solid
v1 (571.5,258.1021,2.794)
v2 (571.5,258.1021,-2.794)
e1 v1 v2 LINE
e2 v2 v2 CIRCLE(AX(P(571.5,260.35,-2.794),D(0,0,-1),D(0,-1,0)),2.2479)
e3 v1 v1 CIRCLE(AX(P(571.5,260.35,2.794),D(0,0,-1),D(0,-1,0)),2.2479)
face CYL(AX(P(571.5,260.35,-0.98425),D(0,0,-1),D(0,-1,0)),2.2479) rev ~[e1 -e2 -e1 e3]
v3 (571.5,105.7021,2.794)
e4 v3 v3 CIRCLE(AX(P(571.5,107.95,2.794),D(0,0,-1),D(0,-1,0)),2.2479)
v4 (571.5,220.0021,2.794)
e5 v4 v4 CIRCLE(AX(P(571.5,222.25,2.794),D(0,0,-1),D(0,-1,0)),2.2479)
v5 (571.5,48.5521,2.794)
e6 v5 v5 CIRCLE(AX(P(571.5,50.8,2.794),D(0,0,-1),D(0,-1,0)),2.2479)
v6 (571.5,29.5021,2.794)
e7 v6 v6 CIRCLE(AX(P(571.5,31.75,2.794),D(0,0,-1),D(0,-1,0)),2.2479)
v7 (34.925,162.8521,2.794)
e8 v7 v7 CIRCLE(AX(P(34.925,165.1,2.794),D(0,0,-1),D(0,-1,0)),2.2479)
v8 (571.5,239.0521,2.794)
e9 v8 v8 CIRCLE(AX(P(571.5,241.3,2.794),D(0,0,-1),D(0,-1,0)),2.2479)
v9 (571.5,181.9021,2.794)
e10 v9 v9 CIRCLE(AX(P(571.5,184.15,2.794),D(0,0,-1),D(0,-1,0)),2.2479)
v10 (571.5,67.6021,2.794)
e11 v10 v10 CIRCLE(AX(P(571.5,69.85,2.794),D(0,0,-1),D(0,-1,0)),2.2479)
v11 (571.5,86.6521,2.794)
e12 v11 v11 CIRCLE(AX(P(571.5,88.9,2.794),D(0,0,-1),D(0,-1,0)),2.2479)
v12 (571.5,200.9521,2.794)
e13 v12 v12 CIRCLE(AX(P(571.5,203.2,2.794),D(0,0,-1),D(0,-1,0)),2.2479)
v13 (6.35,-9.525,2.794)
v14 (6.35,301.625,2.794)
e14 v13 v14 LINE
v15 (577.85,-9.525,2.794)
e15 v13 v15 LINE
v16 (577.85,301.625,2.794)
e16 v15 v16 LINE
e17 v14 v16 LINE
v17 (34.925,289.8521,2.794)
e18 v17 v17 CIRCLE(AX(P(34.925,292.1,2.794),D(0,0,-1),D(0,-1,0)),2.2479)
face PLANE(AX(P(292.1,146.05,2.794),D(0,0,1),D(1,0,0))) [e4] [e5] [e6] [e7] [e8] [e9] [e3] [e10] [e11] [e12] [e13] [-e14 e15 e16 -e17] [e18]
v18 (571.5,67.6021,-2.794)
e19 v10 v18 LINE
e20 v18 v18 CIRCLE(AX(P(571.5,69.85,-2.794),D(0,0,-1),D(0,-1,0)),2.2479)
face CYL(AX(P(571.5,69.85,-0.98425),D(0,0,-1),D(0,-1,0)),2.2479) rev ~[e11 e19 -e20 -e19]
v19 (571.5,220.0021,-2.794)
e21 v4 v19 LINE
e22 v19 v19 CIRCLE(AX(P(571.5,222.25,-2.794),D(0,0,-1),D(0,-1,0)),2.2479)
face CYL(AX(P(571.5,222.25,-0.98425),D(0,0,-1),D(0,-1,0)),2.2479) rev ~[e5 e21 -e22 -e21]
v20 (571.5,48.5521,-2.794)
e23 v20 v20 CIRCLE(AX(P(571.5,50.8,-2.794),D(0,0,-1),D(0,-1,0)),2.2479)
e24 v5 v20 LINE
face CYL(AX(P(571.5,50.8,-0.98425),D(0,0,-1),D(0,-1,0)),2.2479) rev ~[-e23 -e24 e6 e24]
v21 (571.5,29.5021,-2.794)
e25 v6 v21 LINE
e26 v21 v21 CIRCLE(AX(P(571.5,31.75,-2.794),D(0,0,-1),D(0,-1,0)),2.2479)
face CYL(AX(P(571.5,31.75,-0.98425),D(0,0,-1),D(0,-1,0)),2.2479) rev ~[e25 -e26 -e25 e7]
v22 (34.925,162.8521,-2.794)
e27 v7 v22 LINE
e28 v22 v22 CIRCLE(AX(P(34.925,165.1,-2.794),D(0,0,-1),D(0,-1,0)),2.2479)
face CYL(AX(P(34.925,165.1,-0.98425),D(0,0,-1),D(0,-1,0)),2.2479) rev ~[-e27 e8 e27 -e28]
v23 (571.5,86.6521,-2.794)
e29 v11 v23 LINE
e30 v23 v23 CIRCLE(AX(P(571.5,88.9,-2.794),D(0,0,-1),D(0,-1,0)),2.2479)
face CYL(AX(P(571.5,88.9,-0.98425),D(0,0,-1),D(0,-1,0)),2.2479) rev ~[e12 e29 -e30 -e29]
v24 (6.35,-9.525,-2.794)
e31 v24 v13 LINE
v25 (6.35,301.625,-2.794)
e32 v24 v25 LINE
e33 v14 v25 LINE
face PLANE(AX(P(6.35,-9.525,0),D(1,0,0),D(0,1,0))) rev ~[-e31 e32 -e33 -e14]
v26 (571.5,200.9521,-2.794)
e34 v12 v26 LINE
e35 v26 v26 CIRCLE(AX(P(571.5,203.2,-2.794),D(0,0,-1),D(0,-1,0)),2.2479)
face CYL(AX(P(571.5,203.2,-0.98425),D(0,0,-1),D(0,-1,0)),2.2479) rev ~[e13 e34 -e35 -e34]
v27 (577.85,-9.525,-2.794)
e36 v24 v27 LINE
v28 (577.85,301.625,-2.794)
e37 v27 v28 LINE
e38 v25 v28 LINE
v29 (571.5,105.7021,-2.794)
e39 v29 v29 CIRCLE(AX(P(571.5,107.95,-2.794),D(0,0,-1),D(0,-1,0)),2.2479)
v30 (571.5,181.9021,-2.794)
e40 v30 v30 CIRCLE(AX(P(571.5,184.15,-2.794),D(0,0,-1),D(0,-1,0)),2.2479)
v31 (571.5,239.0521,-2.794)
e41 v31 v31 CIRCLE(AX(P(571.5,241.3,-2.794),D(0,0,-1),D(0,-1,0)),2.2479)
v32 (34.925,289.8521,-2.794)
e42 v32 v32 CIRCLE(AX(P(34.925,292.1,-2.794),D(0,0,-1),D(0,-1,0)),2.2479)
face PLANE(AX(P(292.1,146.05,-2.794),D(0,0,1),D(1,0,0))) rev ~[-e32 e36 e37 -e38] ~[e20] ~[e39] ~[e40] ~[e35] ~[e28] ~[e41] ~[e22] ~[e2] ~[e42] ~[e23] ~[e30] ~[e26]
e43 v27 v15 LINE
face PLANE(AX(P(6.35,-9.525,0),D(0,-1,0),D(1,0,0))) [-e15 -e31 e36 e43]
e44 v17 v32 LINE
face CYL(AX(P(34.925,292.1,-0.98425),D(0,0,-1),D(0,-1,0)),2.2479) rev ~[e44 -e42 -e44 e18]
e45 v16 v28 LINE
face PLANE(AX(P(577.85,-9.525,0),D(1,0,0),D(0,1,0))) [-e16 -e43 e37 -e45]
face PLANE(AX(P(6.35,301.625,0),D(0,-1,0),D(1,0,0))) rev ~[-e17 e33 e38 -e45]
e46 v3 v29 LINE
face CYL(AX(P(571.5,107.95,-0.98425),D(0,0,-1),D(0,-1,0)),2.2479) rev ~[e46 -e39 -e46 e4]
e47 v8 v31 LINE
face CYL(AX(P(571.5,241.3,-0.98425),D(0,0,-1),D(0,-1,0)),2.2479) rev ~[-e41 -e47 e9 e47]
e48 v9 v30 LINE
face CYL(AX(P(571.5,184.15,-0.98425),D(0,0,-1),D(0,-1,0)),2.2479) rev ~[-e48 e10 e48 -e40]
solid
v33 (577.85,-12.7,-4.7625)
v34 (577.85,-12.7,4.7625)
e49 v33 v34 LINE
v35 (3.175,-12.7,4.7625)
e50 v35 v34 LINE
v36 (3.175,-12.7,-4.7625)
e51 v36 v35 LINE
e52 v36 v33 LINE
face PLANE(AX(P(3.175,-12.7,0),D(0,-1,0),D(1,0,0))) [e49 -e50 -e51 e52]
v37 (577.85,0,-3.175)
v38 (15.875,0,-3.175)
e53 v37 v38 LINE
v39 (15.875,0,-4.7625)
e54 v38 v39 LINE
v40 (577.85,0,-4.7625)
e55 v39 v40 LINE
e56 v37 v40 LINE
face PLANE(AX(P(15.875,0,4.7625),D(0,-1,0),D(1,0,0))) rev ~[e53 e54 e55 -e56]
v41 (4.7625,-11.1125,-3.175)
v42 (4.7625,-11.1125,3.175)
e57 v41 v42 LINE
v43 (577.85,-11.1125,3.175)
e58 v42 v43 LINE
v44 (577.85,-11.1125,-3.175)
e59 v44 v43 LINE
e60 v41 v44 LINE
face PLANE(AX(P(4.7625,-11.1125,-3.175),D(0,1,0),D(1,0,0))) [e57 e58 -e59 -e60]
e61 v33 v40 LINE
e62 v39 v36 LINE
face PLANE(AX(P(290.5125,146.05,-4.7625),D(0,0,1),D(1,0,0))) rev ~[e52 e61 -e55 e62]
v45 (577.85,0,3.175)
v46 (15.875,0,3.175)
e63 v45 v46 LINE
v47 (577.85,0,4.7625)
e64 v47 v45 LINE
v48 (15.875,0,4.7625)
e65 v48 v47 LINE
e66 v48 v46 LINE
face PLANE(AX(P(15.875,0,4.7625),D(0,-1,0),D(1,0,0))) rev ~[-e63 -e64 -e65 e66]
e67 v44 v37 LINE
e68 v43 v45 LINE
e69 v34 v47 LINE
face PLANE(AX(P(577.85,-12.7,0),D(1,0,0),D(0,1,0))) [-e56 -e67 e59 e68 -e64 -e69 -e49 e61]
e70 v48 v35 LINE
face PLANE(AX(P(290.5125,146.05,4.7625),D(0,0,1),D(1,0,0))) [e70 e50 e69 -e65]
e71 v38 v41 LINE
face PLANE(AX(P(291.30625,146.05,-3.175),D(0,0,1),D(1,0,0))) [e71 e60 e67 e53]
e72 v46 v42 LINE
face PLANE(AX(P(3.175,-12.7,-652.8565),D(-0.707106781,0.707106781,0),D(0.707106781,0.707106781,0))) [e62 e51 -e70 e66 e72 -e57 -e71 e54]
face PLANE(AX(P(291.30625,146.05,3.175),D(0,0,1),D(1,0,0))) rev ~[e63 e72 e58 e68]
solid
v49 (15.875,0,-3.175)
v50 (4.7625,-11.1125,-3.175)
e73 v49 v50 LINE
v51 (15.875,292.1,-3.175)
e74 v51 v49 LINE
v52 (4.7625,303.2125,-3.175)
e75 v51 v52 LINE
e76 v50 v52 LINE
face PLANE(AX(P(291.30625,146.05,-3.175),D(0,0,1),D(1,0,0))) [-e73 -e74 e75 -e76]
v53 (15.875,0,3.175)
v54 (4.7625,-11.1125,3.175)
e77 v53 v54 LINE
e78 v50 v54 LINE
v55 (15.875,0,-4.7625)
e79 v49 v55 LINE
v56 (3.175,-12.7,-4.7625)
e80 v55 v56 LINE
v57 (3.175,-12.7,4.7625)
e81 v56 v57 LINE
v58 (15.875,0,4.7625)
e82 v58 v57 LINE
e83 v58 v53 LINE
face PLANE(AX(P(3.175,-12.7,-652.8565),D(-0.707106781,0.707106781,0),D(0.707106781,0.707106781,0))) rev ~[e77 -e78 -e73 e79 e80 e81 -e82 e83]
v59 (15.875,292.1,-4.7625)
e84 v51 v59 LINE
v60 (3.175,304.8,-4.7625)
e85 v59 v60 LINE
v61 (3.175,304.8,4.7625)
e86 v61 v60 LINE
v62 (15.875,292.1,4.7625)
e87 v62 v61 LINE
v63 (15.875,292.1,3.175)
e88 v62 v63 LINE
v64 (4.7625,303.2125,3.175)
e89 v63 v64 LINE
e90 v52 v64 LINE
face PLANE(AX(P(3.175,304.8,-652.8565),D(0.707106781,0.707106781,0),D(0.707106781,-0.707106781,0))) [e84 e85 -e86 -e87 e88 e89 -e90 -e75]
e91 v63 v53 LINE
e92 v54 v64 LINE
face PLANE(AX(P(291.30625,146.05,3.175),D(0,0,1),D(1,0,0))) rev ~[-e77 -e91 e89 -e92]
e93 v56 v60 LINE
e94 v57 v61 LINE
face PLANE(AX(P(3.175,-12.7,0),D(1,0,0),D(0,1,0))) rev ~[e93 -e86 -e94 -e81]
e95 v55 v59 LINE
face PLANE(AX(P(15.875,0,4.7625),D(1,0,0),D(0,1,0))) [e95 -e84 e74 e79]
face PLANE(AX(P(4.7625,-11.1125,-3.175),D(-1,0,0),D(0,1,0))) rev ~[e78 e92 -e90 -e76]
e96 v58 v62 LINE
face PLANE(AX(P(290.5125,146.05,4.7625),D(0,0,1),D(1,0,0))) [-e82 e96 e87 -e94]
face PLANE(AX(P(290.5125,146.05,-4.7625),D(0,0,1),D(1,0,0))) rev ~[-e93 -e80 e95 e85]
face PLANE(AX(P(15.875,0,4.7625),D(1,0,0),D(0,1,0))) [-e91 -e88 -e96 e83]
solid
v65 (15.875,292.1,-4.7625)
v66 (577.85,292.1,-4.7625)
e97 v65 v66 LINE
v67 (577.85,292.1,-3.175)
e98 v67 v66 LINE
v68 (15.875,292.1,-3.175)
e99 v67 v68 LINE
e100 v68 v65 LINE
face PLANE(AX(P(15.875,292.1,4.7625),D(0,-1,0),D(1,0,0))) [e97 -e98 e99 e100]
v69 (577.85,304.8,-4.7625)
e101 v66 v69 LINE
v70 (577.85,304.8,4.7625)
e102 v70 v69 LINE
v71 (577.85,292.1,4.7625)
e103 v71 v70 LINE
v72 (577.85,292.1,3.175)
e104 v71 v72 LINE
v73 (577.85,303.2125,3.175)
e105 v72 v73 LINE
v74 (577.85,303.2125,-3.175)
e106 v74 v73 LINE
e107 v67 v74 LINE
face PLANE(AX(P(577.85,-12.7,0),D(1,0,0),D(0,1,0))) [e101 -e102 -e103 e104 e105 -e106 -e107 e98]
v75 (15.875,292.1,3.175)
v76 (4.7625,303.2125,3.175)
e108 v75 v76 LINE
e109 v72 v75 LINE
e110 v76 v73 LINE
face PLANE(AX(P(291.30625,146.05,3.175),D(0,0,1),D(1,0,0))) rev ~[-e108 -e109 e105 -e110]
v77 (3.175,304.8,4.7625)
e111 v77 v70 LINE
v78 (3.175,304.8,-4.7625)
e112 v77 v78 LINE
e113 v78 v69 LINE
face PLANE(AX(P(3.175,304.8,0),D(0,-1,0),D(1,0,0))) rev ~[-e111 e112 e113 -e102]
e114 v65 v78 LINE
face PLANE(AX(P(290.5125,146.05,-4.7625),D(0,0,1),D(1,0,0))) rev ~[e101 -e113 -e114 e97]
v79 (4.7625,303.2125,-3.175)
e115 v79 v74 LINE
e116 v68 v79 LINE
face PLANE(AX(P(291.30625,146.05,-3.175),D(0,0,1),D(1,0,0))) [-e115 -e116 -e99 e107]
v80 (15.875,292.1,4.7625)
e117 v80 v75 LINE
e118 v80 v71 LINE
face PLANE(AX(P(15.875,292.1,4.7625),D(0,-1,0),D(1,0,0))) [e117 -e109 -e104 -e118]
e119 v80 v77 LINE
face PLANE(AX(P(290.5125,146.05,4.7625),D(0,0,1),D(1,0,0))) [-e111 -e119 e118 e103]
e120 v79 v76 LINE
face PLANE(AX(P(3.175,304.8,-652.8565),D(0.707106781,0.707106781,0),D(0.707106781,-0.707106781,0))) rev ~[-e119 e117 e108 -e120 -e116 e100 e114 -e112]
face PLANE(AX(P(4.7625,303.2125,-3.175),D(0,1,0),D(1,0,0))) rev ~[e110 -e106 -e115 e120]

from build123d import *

# Parameters (mm, degrees)
SKETCH2_W                             = 574.675
SKETCH2_H                             = 317.5
FRAME_OUTER_DIMENSIONS_DEPTH          = 4.7625
SKETCH3_W                             = 561.975
SKETCH3_H                             = 292.1
FRAME_INNER_DIMENSIONS_DEPTH          = 654.379206989
FRAME_PROFILE_DEPTH                   = 3.175
FRAME_PROFILE_DEPTH_BACK              = 3.175
SKETCH4_W                             = 573.0875
SKETCH4_H                             = 314.325
FRAME_SECTION_SPLIT_SURFACE_1_1_BACK  = 657.619
FRAME_SECTION_SPLIT_SURFACE_1_1_DEPTH = 1315.238
FRAME_SECTION_SPLIT_SURFACE_1_2_BACK  = 657.619
FRAME_SECTION_SPLIT_SURFACE_1_2_DEPTH = 1315.238
FRAME_SECTION_SPLIT_SURFACE_2_3_BACK  = 657.619
FRAME_SECTION_SPLIT_SURFACE_2_3_DEPTH = 1315.238
FRAME_SECTION_SPLIT_SURFACE_2_4_BACK  = 657.619
FRAME_SECTION_SPLIT_SURFACE_2_4_DEPTH = 1315.238
SKETCH5_W                             = 571.5
SKETCH5_H                             = 311.15
DOOR_PANEL_DEPTH                      = 2.794
SKETCH9_W                             = 2.2479
SKETCH9_H                             = 7.5565
F_8_CLEARANCE_HOLE1_AT_2_COUNT        = 2
F_8_CLEARANCE_HOLE1_AT_2_PITCH        = 19.05
F_8_CLEARANCE_HOLE1_AT_3_COUNT        = 2
F_8_CLEARANCE_HOLE1_AT_3_PITCH        = 38.1
F_8_CLEARANCE_HOLE1_AT_4_COUNT        = 2
F_8_CLEARANCE_HOLE1_AT_4_PITCH        = 57.15
F_8_CLEARANCE_HOLE1_AT_5_COUNT        = 2
F_8_CLEARANCE_HOLE1_AT_5_PITCH        = 76.2
F_8_CLEARANCE_HOLE1_AT_6_COUNT        = 2
F_8_CLEARANCE_HOLE1_AT_6_PITCH        = 171.45
F_8_CLEARANCE_HOLE1_AT_7_COUNT        = 2
F_8_CLEARANCE_HOLE1_AT_7_PITCH        = 190.5
F_8_CLEARANCE_HOLE1_AT_8_COUNT        = 2
F_8_CLEARANCE_HOLE1_AT_8_PITCH        = 209.55
F_8_CLEARANCE_HOLE1_AT_9_COUNT        = 2
F_8_CLEARANCE_HOLE1_AT_9_PITCH        = 228.6
F_8_CLEARANCE_HOLE1_AT_10_COUNT       = 2
F_8_CLEARANCE_HOLE1_AT_10_PITCH       = 152.4
SKETCH12_W                            = 2.2479
SKETCH12_H                            = 7.5565
F_8_CLEARANCE_HOLE2_AT_2_COUNT        = 2
F_8_CLEARANCE_HOLE2_AT_2_PITCH        = 127


with BuildPart() as part:
    # Sketch2 → Frame outer dimensions (new, symmetric)
    with BuildSketch(Plane.XY):
        with Locations((290.5125, 146.05)):
            Rectangle(SKETCH2_W, SKETCH2_H)
    extrude(amount=FRAME_OUTER_DIMENSIONS_DEPTH, both=True)

    # Sketch3 → Frame inner dimensions (cut, through all)
    with BuildSketch(Plane.XY.offset(4.7625)):
        with Locations((296.8625, 146.05)):
            Rectangle(SKETCH3_W, SKETCH3_H)
    extrude(amount=-FRAME_INNER_DIMENSIONS_DEPTH, mode=Mode.SUBTRACT)

    # Sketch4 → Frame profile (cut, two sides: drawn at the far end of the back side and taken through both)
    with BuildSketch(Plane.XY.offset(-FRAME_PROFILE_DEPTH_BACK)):
        with Locations((291.30625, 146.05)):
            Rectangle(SKETCH4_W, SKETCH4_H)
    extrude(amount=FRAME_PROFILE_DEPTH + FRAME_PROFILE_DEPTH_BACK, mode=Mode.SUBTRACT)


with BuildPart() as body_2:
    # Frame section split: the piece behind the surface
    add(part.part)
    # Frame section split surface 1: a surface, the sketch's curves swept straight by 1315.238 mm
    with BuildLine(Plane.XY.offset(4.7625).offset(-FRAME_SECTION_SPLIT_SURFACE_1_1_BACK), mode=Mode.PRIVATE) as frame_section_split_surface_1_1_path:
        Line((3.175, 304.8), (15.875, 292.1))
    frame_section_split_surface_1_1 = Shell.extrude(frame_section_split_surface_1_1_path.wire(), (0 * FRAME_SECTION_SPLIT_SURFACE_1_1_DEPTH, 0 * FRAME_SECTION_SPLIT_SURFACE_1_1_DEPTH, 1 * FRAME_SECTION_SPLIT_SURFACE_1_1_DEPTH))
    split(bisect_by=frame_section_split_surface_1_1, keep=Keep.BOTTOM)


with BuildPart() as part_1:
    add(part.part)

    # Frame section split: split by a surface, the side it looks to stays
    # Frame section split surface 1: a surface, the sketch's curves swept straight by 1315.238 mm
    with BuildLine(Plane.XY.offset(4.7625).offset(-FRAME_SECTION_SPLIT_SURFACE_1_2_BACK), mode=Mode.PRIVATE) as frame_section_split_surface_1_2_path:
        Line((3.175, 304.8), (15.875, 292.1))
    frame_section_split_surface_1_2 = Shell.extrude(frame_section_split_surface_1_2_path.wire(), (0 * FRAME_SECTION_SPLIT_SURFACE_1_2_DEPTH, 0 * FRAME_SECTION_SPLIT_SURFACE_1_2_DEPTH, 1 * FRAME_SECTION_SPLIT_SURFACE_1_2_DEPTH))
    split(bisect_by=frame_section_split_surface_1_2, keep=Keep.TOP)


with BuildPart() as body_3:
    # Frame section split 2 body 2: the piece behind the surface
    add(body_2.part)
    # Frame section split surface 2: a surface, the sketch's curves swept straight by 1315.238 mm
    with BuildLine(Plane.XY.offset(4.7625).offset(-FRAME_SECTION_SPLIT_SURFACE_2_3_BACK), mode=Mode.PRIVATE) as frame_section_split_surface_2_3_path:
        Line((3.175, -12.7), (15.875, 0))
    frame_section_split_surface_2_3 = Shell.extrude(frame_section_split_surface_2_3_path.wire(), (0 * FRAME_SECTION_SPLIT_SURFACE_2_3_DEPTH, 0 * FRAME_SECTION_SPLIT_SURFACE_2_3_DEPTH, 1 * FRAME_SECTION_SPLIT_SURFACE_2_3_DEPTH))
    split(bisect_by=frame_section_split_surface_2_3, keep=Keep.BOTTOM)


with BuildPart() as body_2_1:
    add(body_2.part)

    # Frame section split 2 body 2: split by a surface, the side it looks to stays
    # Frame section split surface 2: a surface, the sketch's curves swept straight by 1315.238 mm
    with BuildLine(Plane.XY.offset(4.7625).offset(-FRAME_SECTION_SPLIT_SURFACE_2_4_BACK), mode=Mode.PRIVATE) as frame_section_split_surface_2_4_path:
        Line((3.175, -12.7), (15.875, 0))
    frame_section_split_surface_2_4 = Shell.extrude(frame_section_split_surface_2_4_path.wire(), (0 * FRAME_SECTION_SPLIT_SURFACE_2_4_DEPTH, 0 * FRAME_SECTION_SPLIT_SURFACE_2_4_DEPTH, 1 * FRAME_SECTION_SPLIT_SURFACE_2_4_DEPTH))
    split(bisect_by=frame_section_split_surface_2_4, keep=Keep.TOP)


with BuildPart() as body_4:
    # Sketch5 → Door panel (new, symmetric)
    with BuildSketch(Plane.XY):
        with Locations((292.1, 146.05)):
            Rectangle(SKETCH5_W, SKETCH5_H)
    extrude(amount=DOOR_PANEL_DEPTH, both=True)

    # Sketch9 → #8 Clearance Hole1 (revolve, cut)
    with BuildSketch(Plane(origin=(571.5, 31.75, 2.794), x_dir=(0, -1, 0), z_dir=(1, 0, 0))):
        with Locations((1.12395, 3.77825)):
            Rectangle(SKETCH9_W, SKETCH9_H)
    f_8_clearance_hole1 = revolve(axis=Axis((571.5, 31.75, 9.144), (0, 0, -1)), mode=Mode.SUBTRACT)

    # #8 Clearance Hole1 at 2: #8 Clearance Hole1 ×2
    with Locations(*[(0, i * F_8_CLEARANCE_HOLE1_AT_2_PITCH, 0) for i in range(1, F_8_CLEARANCE_HOLE1_AT_2_COUNT)]):
        add(f_8_clearance_hole1, mode=Mode.SUBTRACT)

    # #8 Clearance Hole1 at 3: #8 Clearance Hole1 ×2
    with Locations(*[(0, i * F_8_CLEARANCE_HOLE1_AT_3_PITCH, 0) for i in range(1, F_8_CLEARANCE_HOLE1_AT_3_COUNT)]):
        add(f_8_clearance_hole1, mode=Mode.SUBTRACT)

    # #8 Clearance Hole1 at 4: #8 Clearance Hole1 ×2
    with Locations(*[(0, i * F_8_CLEARANCE_HOLE1_AT_4_PITCH, 0) for i in range(1, F_8_CLEARANCE_HOLE1_AT_4_COUNT)]):
        add(f_8_clearance_hole1, mode=Mode.SUBTRACT)

    # #8 Clearance Hole1 at 5: #8 Clearance Hole1 ×2
    with Locations(*[(0, i * F_8_CLEARANCE_HOLE1_AT_5_PITCH, 0) for i in range(1, F_8_CLEARANCE_HOLE1_AT_5_COUNT)]):
        add(f_8_clearance_hole1, mode=Mode.SUBTRACT)

    # #8 Clearance Hole1 at 6: #8 Clearance Hole1 ×2
    with Locations(*[(0, i * F_8_CLEARANCE_HOLE1_AT_6_PITCH, 0) for i in range(1, F_8_CLEARANCE_HOLE1_AT_6_COUNT)]):
        add(f_8_clearance_hole1, mode=Mode.SUBTRACT)

    # #8 Clearance Hole1 at 7: #8 Clearance Hole1 ×2
    with Locations(*[(0, i * F_8_CLEARANCE_HOLE1_AT_7_PITCH, 0) for i in range(1, F_8_CLEARANCE_HOLE1_AT_7_COUNT)]):
        add(f_8_clearance_hole1, mode=Mode.SUBTRACT)

    # #8 Clearance Hole1 at 8: #8 Clearance Hole1 ×2
    with Locations(*[(0, i * F_8_CLEARANCE_HOLE1_AT_8_PITCH, 0) for i in range(1, F_8_CLEARANCE_HOLE1_AT_8_COUNT)]):
        add(f_8_clearance_hole1, mode=Mode.SUBTRACT)

    # #8 Clearance Hole1 at 9: #8 Clearance Hole1 ×2
    with Locations(*[(0, i * F_8_CLEARANCE_HOLE1_AT_9_PITCH, 0) for i in range(1, F_8_CLEARANCE_HOLE1_AT_9_COUNT)]):
        add(f_8_clearance_hole1, mode=Mode.SUBTRACT)

    # #8 Clearance Hole1 at 10: #8 Clearance Hole1 ×2
    with Locations(*[(0, i * F_8_CLEARANCE_HOLE1_AT_10_PITCH, 0) for i in range(1, F_8_CLEARANCE_HOLE1_AT_10_COUNT)]):
        add(f_8_clearance_hole1, mode=Mode.SUBTRACT)

    # Sketch12 → #8 Clearance Hole2 (revolve, cut)
    with BuildSketch(Plane(origin=(34.925, 292.1, 2.794), x_dir=(0, -1, 0), z_dir=(1, 0, 0))):
        with Locations((1.12395, 3.77825)):
            Rectangle(SKETCH12_W, SKETCH12_H)
    f_8_clearance_hole2 = revolve(axis=Axis((34.925, 292.1, 9.144), (0, 0, -1)), mode=Mode.SUBTRACT)

    # #8 Clearance Hole2 at 2: #8 Clearance Hole2 ×2
    with Locations(*[(0, -i * F_8_CLEARANCE_HOLE2_AT_2_PITCH, 0) for i in range(1, F_8_CLEARANCE_HOLE2_AT_2_COUNT)]):
        add(f_8_clearance_hole2, mode=Mode.SUBTRACT)


with BuildPart() as body_5:
    # Mirror1: mirrored copy
    add(part_1.part.mirror(Plane(origin=(0, 0, 0), x_dir=(0, 0, 1), z_dir=(1, 0, 0))))


with BuildPart() as body_6:
    # Mirror1 2: mirrored copy
    add(body_2_1.part.mirror(Plane(origin=(0, 0, 0), x_dir=(0, 0, 1), z_dir=(1, 0, 0))))


with BuildPart() as body_7:
    # Mirror1 3: mirrored copy
    add(body_3.part.mirror(Plane(origin=(0, 0, 0), x_dir=(0, 0, 1), z_dir=(1, 0, 0))))


with BuildPart() as body_8:
    # Mirror1 4: mirrored copy
    add(body_4.part.mirror(Plane(origin=(0, 0, 0), x_dir=(0, 0, 1), z_dir=(1, 0, 0))))


solid = Compound([part_1.part, body_3.part, body_2_1.part, body_4.part])
